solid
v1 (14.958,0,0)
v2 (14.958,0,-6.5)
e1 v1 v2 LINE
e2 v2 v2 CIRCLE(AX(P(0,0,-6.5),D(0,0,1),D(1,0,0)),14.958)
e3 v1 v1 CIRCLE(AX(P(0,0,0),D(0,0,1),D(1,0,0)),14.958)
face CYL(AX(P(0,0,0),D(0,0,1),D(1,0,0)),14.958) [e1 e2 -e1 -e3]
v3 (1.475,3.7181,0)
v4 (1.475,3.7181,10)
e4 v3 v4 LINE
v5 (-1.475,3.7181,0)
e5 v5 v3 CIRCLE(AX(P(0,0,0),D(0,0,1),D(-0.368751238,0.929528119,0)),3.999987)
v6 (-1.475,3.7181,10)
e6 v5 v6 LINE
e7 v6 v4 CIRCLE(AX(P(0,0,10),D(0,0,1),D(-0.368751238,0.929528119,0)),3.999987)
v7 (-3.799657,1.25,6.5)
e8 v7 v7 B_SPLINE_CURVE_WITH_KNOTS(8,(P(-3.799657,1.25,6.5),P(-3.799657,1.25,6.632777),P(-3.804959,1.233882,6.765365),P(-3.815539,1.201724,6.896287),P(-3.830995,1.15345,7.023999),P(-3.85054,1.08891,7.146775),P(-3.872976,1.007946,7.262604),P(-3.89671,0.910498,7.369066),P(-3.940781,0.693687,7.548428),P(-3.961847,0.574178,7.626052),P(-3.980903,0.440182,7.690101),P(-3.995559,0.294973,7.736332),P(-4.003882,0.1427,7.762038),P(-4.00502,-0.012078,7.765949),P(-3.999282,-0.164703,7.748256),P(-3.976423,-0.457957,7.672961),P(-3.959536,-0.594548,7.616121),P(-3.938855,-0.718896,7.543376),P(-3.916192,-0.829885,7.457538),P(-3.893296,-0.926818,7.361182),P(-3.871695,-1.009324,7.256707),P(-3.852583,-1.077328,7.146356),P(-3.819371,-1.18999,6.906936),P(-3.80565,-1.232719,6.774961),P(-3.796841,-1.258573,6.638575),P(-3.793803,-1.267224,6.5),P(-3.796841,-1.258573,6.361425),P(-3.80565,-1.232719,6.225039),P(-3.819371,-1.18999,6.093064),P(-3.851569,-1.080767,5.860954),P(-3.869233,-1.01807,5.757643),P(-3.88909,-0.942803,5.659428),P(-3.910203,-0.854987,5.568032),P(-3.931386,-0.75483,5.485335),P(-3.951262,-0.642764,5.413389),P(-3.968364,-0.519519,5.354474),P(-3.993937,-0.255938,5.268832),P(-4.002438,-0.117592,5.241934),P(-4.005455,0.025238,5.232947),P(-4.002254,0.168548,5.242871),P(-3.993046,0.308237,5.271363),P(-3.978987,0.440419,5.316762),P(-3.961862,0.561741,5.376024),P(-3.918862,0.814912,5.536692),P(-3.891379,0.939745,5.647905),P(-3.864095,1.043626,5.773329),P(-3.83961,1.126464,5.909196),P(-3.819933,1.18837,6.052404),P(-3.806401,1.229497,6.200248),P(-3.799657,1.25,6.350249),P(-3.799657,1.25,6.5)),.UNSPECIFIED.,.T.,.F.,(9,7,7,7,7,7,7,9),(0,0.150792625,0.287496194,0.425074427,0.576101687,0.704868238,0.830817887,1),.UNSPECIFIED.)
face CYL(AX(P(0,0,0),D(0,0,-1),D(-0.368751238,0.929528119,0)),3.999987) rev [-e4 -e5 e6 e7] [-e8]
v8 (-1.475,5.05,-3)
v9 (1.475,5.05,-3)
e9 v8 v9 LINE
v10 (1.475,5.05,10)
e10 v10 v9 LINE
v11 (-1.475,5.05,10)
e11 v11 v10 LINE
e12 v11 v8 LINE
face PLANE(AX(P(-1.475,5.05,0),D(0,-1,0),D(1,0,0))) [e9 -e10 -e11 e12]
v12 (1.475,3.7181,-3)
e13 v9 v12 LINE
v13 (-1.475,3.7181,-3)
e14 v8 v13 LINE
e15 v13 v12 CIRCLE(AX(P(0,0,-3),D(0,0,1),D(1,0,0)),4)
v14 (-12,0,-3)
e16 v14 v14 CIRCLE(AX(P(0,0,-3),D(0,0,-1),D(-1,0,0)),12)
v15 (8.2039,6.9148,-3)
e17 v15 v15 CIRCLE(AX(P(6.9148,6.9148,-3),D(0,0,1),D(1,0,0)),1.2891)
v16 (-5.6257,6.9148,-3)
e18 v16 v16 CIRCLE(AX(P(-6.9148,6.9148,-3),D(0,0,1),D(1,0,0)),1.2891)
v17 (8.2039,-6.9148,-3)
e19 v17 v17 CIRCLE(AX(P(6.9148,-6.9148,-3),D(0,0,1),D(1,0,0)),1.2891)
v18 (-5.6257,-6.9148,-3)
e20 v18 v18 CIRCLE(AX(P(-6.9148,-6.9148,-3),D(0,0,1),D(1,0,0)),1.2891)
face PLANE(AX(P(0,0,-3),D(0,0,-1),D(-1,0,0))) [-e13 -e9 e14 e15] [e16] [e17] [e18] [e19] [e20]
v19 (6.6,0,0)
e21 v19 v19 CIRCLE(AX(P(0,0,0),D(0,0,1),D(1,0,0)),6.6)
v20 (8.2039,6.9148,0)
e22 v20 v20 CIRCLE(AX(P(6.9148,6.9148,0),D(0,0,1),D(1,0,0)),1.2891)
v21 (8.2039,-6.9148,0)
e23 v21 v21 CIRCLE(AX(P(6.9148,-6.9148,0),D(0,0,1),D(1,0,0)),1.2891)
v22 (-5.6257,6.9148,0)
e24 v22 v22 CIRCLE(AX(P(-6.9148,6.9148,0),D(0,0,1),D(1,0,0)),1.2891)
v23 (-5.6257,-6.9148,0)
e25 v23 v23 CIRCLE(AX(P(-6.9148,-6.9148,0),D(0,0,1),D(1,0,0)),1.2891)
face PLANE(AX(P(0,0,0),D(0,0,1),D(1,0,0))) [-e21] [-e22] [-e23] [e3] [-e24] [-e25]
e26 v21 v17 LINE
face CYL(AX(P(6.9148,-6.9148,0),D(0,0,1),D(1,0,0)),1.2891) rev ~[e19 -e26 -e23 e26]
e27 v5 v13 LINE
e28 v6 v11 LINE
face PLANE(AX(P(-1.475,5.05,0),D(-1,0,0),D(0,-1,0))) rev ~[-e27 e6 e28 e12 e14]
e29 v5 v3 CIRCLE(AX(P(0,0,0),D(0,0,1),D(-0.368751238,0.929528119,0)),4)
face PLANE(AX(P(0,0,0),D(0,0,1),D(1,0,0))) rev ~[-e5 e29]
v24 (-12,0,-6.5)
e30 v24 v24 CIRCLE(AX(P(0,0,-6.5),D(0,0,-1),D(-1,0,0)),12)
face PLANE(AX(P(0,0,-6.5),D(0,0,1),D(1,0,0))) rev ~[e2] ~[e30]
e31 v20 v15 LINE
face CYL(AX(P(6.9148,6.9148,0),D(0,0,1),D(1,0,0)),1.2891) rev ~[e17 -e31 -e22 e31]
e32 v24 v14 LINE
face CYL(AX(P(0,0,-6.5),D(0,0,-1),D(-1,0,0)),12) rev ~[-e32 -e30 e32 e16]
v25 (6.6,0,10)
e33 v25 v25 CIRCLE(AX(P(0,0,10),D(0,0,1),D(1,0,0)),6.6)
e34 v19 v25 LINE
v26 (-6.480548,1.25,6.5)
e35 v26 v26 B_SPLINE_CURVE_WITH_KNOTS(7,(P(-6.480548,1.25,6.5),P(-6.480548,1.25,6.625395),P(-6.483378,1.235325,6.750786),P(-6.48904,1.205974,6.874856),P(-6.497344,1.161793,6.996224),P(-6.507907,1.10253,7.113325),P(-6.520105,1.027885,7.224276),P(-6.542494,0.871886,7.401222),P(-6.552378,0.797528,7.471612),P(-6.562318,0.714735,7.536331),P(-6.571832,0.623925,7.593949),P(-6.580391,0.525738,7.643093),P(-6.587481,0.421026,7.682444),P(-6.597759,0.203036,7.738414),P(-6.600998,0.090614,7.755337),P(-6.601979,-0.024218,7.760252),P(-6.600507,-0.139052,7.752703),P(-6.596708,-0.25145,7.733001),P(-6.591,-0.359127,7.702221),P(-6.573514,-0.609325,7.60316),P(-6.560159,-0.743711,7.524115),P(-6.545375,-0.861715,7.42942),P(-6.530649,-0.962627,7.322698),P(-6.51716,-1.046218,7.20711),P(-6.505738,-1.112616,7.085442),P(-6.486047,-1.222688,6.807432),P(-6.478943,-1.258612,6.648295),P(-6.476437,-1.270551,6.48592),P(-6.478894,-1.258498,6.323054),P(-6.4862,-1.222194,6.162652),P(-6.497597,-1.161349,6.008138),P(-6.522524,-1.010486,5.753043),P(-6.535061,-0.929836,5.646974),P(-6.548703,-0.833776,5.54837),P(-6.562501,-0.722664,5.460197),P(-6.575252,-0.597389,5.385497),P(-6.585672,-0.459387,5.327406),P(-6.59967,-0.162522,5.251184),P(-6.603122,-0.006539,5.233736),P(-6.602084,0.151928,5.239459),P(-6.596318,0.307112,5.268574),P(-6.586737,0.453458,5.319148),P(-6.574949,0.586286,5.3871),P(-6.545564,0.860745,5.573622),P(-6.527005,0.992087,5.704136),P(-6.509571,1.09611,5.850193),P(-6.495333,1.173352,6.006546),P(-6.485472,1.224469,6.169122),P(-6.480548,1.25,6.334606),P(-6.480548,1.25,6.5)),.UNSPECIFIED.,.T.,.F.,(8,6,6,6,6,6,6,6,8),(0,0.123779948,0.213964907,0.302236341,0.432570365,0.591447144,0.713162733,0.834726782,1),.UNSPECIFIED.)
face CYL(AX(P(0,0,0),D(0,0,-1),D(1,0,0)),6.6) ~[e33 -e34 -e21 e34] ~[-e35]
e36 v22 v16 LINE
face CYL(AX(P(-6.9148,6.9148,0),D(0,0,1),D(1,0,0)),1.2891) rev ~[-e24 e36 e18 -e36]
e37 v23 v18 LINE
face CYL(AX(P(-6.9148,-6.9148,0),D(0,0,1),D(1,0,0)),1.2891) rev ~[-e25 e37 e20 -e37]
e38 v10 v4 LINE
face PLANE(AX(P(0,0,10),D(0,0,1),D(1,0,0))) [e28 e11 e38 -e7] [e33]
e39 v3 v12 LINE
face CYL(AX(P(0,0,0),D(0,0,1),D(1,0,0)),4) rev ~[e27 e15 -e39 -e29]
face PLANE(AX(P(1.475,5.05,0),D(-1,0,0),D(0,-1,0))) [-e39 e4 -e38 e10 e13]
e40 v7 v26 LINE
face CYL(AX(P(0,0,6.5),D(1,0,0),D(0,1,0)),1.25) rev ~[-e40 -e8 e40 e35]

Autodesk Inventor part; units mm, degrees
ref_plane "YZ Plane" through (0, 0, 0) normal (1, 0, 0) x (0, 1, 0)
ref_plane "XZ Plane" through (0, 0, 0) normal (0, 1, 0) x (-1, 0, 0)
ref_plane "XY Plane" through (0, 0, 0) normal (0, 0, 1) x (1, 0, 0)
sketch "Sketch1" plane through (0, 0, 0) normal (0, 0, 1) x (1, 0, 0)
  circle A0 centre (0, 0) radius 6.6 construction
  circle A1 centre (-6.9148, 6.9148) radius 1.5875 construction
  circle A2 centre (6.9148, 6.9148) radius 1.5875 construction
  circle A3 centre (-6.9148, -6.9148) radius 1.5875 construction
  circle A4 centre (6.9148, -6.9148) radius 1.5875 construction
  line L0 (-6.9148, 6.9148) -> (6.9148, 6.9148) construction
  line L1 (6.9148, 6.9148) -> (6.9148, -6.9148) construction
  line L2 (6.9148, -6.9148) -> (-6.9148, -6.9148) construction
  line L3 (-6.9148, -6.9148) -> (-6.9148, 6.9148) construction
  circle A5 centre (0, 0) radius 12.958 construction
  line L4 (-6.9148, -6.9148) -> (6.9148, 6.9148) construction
  line L5 (-6.9148, 6.9148) -> (-5.7923, 5.7923) construction
  line L6 (-5.7923, 5.7923) -> (-4.6669, 4.6669) construction
  line L7 (-8.0373, 8.0373) -> (-9.1627, 9.1627) construction
  circle A6 centre (0, 0) radius 4
  line L8 (0, 4) -> (0, 5.05) construction
  line L9 (0, -20.9412) -> (0, 20.9412) construction
  line L10 (-1.475, 5.05) -> (1.475, 5.05)
  line L11 (-1.475, 5.05) -> (-1.475, 3.7181)
  line L12 (1.475, 5.05) -> (1.475, 3.7181)
  circle A7 centre (0, 0) radius 14.958
  circle A8 centre (6.9148, 6.9148) radius 1.2891
  circle A9 centre (6.9148, -6.9148) radius 1.2891
  circle A10 centre (-6.9148, -6.9148) radius 1.2891
  circle A11 centre (-6.9148, 6.9148) radius 1.2891
  dimension "d0" = 13.2
  dimension "d1" = 3.175
  dimension "d5" = 13.8296
  dimension "d6" = 45
  dimension "d9" = 8
  dimension "d10" = 1.05
  dimension "d11" = 2.95
  dimension "d14" = 2
  dimension "d15" = 29.916
  dimension "d21" = 2.5781
extrude "HubFeature" add sketch "Sketch1" against normal blind 6.5
sketch "Sketch2" plane through (0, 0, 0) normal (0, 0, 1) x (1, 0, 0)
  circle A0 centre (0, 0) radius 6.6 projected
  line L0 (-1.475, 5.05) -> (1.475, 5.05) projected
  line L1 (-1.475, 3.7181) -> (-1.475, 5.05) projected
  line L2 (1.475, 5.05) -> (1.475, 3.7181) projected
  arc A1 (-1.475, 3.7181) -> (1.475, 3.7181) centre (0, 0) ccw projected
extrude "LipFeature" add sketch "Sketch2" along normal blind 10
sketch "Sketch3" plane through (0, 0, -6.5) normal (0, 0, -1) x (-1, 0, 0)
  circle A0 centre (0, 0) radius 12
  dimension "d18" = 24
extrude "BearingIndentFeature" cut sketch "Sketch3" against normal blind 3.5
sketch "SetScrewHole" plane through (0, 0, 0) normal (1, 0, 0) x (0, 1, 0)
  line L0 (6.6, 10) -> (-6.6, 10) construction
  line L1 (-6.6, 0) -> (6.6, 0) construction
  line L2 (-4, 10) -> (3.7181, 10) construction
  circle A0 centre (0, 6.5) radius 1.25
  line L3 (0, 10) -> (0, 0) construction
  line L4 (14.958, 0) -> (-14.958, 0) projected
  dimension "d22" = 2.5
  dimension "d25" = 3.5
extrude "SetScrewHoleFeature" cut sketch "SetScrewHole" against normal through all
properties part number "BaseHub"
